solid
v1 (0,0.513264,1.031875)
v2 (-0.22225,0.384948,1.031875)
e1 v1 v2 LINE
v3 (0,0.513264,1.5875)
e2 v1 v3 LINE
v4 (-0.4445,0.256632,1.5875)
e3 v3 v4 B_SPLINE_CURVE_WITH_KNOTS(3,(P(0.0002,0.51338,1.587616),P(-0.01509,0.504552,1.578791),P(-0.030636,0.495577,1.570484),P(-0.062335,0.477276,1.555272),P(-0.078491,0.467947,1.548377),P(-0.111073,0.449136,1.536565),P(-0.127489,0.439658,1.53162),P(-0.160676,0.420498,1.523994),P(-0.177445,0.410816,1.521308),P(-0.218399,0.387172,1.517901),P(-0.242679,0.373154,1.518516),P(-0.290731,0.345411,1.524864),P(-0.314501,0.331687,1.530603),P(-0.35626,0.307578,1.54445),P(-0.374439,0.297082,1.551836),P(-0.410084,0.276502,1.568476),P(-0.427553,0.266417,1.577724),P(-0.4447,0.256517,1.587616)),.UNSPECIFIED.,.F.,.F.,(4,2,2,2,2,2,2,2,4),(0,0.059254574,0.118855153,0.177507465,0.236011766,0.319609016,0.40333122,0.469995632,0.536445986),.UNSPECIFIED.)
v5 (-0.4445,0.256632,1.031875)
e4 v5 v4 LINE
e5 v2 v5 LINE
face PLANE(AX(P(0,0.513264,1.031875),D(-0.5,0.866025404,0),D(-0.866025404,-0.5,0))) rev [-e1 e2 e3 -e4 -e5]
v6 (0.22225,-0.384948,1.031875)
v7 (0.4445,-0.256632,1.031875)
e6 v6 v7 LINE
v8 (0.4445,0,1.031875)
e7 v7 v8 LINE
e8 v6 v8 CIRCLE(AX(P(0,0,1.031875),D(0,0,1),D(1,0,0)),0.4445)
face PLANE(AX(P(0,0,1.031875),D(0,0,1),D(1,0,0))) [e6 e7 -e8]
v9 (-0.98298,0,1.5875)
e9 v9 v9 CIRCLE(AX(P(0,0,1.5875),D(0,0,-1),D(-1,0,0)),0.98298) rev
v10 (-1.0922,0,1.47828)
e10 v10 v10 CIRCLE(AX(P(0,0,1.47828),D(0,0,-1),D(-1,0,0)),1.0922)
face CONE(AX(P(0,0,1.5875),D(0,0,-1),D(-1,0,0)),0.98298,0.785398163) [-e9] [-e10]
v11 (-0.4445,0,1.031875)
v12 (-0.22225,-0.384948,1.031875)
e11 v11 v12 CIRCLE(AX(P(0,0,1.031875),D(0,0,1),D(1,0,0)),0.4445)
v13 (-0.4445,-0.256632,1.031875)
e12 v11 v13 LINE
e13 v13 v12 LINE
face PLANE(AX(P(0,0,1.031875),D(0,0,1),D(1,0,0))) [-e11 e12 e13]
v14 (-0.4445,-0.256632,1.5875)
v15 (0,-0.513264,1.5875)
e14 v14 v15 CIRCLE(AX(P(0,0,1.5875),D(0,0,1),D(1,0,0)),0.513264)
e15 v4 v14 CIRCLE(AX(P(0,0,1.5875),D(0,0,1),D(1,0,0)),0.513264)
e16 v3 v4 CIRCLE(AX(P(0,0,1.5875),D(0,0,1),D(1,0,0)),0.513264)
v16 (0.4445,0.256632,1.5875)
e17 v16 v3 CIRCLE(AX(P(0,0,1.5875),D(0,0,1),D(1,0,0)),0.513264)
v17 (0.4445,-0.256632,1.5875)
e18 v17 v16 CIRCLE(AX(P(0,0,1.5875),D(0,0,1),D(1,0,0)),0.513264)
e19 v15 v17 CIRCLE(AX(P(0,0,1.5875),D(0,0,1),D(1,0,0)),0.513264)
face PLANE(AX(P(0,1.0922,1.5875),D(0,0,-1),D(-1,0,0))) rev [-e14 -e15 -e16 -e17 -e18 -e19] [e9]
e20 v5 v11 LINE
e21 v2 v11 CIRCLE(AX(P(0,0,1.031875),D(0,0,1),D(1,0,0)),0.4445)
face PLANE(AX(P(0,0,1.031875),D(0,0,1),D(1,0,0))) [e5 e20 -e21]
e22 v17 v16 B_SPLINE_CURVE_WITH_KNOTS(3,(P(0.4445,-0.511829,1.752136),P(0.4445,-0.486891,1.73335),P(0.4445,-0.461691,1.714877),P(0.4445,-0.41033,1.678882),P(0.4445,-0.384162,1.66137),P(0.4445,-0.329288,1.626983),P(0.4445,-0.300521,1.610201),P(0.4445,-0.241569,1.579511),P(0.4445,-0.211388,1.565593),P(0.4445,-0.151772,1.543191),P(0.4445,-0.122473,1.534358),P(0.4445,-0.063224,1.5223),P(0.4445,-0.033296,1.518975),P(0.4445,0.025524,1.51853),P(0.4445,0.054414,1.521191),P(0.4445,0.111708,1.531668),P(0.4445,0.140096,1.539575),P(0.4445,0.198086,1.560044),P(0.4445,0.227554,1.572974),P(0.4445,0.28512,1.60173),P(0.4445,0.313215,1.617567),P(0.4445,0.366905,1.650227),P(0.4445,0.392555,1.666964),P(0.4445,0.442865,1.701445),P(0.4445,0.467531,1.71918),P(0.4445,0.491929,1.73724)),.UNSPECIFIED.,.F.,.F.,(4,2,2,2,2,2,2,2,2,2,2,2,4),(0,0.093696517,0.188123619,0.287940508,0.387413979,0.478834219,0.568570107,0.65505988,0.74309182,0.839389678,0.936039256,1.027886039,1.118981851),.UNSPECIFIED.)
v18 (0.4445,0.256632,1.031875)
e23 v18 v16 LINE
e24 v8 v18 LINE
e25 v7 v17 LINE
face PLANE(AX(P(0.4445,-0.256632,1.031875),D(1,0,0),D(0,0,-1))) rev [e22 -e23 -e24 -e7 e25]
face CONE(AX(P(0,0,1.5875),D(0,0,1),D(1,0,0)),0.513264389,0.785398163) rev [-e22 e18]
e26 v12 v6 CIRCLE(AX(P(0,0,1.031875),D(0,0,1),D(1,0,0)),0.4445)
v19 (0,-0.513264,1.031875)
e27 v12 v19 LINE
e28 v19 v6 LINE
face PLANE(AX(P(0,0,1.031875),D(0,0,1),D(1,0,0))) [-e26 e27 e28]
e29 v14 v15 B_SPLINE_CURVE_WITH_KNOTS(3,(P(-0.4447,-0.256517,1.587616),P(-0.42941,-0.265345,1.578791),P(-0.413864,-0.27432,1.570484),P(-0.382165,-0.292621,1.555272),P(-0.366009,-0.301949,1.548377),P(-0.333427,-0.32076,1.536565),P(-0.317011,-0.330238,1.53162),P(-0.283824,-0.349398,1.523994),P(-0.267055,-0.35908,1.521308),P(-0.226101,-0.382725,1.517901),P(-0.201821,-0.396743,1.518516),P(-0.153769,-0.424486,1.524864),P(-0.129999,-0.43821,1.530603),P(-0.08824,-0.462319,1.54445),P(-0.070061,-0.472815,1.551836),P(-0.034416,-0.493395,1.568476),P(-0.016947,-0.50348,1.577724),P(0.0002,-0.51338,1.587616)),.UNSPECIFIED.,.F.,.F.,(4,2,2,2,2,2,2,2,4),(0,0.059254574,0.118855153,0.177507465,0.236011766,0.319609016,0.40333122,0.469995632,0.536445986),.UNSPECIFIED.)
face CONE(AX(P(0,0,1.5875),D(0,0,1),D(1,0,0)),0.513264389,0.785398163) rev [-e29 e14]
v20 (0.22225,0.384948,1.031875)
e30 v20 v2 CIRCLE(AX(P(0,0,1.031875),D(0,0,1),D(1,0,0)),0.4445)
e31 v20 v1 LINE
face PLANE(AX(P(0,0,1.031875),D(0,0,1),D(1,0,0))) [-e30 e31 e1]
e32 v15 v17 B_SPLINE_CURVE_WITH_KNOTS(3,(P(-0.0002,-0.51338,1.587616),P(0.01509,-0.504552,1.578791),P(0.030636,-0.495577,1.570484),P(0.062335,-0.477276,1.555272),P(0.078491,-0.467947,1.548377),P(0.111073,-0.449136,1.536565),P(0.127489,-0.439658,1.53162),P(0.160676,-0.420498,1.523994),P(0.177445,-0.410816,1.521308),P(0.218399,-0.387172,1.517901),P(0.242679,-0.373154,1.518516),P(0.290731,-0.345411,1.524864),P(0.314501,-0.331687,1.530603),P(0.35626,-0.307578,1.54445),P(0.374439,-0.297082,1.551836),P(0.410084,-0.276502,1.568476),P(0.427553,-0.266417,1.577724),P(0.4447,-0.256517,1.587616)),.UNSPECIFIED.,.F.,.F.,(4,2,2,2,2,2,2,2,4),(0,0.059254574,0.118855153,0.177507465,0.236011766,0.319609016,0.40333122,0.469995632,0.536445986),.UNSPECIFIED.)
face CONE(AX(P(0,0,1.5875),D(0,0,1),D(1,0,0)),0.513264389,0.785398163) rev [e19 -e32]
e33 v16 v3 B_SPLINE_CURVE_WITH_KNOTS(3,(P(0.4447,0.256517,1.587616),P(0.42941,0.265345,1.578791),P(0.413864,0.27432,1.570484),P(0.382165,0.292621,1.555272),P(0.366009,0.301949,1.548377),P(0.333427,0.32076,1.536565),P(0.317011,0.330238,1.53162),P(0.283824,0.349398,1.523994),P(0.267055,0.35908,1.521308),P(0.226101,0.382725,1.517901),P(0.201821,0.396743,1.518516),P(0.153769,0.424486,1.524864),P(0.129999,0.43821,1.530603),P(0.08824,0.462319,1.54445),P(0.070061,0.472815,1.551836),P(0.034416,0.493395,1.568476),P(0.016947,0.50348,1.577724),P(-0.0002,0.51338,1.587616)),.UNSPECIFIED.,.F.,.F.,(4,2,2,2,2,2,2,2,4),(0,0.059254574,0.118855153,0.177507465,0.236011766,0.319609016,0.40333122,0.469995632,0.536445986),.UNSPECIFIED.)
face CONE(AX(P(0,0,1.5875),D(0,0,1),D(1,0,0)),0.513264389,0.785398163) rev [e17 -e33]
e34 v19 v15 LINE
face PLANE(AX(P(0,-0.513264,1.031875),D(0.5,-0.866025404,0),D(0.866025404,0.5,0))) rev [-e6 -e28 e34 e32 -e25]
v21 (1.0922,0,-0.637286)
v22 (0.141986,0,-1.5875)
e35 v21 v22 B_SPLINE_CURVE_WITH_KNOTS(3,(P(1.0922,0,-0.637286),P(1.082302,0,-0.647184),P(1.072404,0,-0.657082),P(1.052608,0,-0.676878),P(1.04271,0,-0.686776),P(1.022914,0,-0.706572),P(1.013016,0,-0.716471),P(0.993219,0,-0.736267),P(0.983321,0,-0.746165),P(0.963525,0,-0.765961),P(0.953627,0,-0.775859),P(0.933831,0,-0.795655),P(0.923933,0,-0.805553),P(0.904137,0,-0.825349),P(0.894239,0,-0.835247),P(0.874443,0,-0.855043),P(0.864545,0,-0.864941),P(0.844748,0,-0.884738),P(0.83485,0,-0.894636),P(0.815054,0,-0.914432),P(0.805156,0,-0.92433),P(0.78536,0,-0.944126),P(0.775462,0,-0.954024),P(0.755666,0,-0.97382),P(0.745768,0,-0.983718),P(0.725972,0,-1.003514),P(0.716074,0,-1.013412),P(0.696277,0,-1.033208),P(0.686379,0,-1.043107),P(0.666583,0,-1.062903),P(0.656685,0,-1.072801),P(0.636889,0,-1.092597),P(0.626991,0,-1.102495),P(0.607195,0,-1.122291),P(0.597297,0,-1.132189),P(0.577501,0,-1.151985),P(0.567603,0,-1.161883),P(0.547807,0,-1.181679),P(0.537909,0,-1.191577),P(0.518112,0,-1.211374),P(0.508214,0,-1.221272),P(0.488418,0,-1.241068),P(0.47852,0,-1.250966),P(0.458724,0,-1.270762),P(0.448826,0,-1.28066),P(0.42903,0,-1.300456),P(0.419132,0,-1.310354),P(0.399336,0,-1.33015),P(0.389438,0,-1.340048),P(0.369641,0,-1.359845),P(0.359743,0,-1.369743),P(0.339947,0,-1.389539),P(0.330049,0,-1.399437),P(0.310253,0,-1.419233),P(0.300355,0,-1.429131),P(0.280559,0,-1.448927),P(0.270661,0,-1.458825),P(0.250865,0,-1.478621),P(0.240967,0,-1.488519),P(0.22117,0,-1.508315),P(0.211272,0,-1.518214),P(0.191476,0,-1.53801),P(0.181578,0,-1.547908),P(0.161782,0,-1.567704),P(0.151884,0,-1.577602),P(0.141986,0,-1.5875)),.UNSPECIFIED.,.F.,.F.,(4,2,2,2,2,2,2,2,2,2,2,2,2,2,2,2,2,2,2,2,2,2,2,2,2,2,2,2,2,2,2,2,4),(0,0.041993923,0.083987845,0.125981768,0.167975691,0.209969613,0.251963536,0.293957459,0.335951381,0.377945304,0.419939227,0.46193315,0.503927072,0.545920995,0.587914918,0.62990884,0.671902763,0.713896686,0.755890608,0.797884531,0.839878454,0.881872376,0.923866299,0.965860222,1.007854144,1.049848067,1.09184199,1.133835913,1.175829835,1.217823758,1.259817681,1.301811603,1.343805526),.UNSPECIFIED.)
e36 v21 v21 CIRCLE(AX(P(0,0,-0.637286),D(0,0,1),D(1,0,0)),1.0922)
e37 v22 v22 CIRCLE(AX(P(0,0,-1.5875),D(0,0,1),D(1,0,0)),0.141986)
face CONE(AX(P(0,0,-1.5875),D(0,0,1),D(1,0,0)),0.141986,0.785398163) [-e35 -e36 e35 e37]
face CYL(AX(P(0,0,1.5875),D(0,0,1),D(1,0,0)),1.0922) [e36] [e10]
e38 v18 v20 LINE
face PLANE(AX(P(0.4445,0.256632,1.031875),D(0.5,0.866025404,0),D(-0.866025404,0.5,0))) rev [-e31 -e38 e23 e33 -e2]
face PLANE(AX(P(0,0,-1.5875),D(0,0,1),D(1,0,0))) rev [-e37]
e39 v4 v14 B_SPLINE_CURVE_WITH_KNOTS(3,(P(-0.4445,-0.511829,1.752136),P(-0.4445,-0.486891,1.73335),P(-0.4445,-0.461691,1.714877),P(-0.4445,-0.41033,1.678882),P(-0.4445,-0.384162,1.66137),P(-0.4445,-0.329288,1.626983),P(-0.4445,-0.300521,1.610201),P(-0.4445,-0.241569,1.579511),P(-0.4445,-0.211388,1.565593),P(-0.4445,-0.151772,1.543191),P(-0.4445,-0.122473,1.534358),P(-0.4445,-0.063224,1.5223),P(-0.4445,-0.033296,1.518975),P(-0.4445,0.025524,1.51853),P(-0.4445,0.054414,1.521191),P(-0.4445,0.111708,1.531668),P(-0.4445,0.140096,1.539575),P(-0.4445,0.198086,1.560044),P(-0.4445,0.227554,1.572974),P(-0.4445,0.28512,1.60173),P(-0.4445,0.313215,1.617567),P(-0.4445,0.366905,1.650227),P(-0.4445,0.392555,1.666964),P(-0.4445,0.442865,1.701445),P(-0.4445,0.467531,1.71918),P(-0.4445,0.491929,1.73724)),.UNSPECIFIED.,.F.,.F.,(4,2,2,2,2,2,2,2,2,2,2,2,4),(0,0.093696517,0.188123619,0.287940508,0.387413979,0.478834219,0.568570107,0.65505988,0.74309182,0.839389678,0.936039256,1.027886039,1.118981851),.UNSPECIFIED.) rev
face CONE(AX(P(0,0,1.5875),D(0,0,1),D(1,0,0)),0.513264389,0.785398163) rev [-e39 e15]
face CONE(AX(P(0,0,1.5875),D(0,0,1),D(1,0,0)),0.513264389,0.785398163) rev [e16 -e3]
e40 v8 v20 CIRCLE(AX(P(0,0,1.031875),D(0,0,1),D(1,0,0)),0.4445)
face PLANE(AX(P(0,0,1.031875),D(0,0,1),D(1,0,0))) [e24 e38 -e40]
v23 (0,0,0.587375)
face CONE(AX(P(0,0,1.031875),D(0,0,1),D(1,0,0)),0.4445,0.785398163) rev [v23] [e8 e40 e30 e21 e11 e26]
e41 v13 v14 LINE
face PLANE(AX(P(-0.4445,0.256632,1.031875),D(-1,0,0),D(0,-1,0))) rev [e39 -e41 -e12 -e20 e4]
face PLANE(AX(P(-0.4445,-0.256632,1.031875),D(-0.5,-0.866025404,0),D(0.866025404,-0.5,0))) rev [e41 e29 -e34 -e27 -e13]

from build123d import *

# Parameters (mm, degrees)
CHAMFER1_SIZE      = 0.10922
CUT_EXTRUDE1_DEPTH = 0.555625


with BuildPart() as part:
    # Sketch2 → Revolve1 (revolve)
    with BuildSketch(Plane(origin=(0, 0, 0), x_dir=(0, 0, -1), z_dir=(1, 0, 0))):
        Polygon((-1.5875, 0), (1.5875, 0), (1.5875, 0.141986), (0.637286, 1.0922), (-1.5875, 1.0922), align=None)
    revolve(axis=Axis((0, 0, 1.5875), (0, 0, -1)))

    # Chamfer1
    chamfer1_edges = [part.edges().sort_by_distance(p)[0] for p in [
        (0, -1.0922, 1.5875),
    ]]
    chamfer(chamfer1_edges, length=CHAMFER1_SIZE)

    # Sketch3 → Cut-Extrude1 (cut)
    with BuildSketch(Plane.XY.offset(1.5875)):
        Polygon((0, -0.513264389), (0.4445, -0.256632195), (0.4445, 0.256632195), (0, 0.513264389), (-0.4445, 0.256632195), (-0.4445, -0.256632195), align=None)
    extrude(amount=-CUT_EXTRUDE1_DEPTH, mode=Mode.SUBTRACT)

    # Cut-Extrude2 cone 1 section (through the dimple's axis) → Cut-Extrude2 (revolve, cut)
    with BuildSketch(Plane(origin=(0, 0, 1.5875), x_dir=(0, -1, 0), z_dir=(1, 0, 0))):
        Polygon((0, 0), (0.513264389, 0), (0, 0.513264389), align=None)
    revolve(axis=Axis((0, 0, 1.5875), (0, 0, -1)), mode=Mode.SUBTRACT)

    # Cut-Extrude3 cone 1 section (through the dimple's axis) → Cut-Extrude3 (revolve, cut)
    with BuildSketch(Plane(origin=(0, 0, 1.031875), x_dir=(0, -1, 0), z_dir=(1, 0, 0))):
        Polygon((0, 0), (0.4445, 0), (0, 0.4445), align=None)
    revolve(axis=Axis((0, 0, 1.031875), (0, 0, -1)), mode=Mode.SUBTRACT)


solid = part.part
